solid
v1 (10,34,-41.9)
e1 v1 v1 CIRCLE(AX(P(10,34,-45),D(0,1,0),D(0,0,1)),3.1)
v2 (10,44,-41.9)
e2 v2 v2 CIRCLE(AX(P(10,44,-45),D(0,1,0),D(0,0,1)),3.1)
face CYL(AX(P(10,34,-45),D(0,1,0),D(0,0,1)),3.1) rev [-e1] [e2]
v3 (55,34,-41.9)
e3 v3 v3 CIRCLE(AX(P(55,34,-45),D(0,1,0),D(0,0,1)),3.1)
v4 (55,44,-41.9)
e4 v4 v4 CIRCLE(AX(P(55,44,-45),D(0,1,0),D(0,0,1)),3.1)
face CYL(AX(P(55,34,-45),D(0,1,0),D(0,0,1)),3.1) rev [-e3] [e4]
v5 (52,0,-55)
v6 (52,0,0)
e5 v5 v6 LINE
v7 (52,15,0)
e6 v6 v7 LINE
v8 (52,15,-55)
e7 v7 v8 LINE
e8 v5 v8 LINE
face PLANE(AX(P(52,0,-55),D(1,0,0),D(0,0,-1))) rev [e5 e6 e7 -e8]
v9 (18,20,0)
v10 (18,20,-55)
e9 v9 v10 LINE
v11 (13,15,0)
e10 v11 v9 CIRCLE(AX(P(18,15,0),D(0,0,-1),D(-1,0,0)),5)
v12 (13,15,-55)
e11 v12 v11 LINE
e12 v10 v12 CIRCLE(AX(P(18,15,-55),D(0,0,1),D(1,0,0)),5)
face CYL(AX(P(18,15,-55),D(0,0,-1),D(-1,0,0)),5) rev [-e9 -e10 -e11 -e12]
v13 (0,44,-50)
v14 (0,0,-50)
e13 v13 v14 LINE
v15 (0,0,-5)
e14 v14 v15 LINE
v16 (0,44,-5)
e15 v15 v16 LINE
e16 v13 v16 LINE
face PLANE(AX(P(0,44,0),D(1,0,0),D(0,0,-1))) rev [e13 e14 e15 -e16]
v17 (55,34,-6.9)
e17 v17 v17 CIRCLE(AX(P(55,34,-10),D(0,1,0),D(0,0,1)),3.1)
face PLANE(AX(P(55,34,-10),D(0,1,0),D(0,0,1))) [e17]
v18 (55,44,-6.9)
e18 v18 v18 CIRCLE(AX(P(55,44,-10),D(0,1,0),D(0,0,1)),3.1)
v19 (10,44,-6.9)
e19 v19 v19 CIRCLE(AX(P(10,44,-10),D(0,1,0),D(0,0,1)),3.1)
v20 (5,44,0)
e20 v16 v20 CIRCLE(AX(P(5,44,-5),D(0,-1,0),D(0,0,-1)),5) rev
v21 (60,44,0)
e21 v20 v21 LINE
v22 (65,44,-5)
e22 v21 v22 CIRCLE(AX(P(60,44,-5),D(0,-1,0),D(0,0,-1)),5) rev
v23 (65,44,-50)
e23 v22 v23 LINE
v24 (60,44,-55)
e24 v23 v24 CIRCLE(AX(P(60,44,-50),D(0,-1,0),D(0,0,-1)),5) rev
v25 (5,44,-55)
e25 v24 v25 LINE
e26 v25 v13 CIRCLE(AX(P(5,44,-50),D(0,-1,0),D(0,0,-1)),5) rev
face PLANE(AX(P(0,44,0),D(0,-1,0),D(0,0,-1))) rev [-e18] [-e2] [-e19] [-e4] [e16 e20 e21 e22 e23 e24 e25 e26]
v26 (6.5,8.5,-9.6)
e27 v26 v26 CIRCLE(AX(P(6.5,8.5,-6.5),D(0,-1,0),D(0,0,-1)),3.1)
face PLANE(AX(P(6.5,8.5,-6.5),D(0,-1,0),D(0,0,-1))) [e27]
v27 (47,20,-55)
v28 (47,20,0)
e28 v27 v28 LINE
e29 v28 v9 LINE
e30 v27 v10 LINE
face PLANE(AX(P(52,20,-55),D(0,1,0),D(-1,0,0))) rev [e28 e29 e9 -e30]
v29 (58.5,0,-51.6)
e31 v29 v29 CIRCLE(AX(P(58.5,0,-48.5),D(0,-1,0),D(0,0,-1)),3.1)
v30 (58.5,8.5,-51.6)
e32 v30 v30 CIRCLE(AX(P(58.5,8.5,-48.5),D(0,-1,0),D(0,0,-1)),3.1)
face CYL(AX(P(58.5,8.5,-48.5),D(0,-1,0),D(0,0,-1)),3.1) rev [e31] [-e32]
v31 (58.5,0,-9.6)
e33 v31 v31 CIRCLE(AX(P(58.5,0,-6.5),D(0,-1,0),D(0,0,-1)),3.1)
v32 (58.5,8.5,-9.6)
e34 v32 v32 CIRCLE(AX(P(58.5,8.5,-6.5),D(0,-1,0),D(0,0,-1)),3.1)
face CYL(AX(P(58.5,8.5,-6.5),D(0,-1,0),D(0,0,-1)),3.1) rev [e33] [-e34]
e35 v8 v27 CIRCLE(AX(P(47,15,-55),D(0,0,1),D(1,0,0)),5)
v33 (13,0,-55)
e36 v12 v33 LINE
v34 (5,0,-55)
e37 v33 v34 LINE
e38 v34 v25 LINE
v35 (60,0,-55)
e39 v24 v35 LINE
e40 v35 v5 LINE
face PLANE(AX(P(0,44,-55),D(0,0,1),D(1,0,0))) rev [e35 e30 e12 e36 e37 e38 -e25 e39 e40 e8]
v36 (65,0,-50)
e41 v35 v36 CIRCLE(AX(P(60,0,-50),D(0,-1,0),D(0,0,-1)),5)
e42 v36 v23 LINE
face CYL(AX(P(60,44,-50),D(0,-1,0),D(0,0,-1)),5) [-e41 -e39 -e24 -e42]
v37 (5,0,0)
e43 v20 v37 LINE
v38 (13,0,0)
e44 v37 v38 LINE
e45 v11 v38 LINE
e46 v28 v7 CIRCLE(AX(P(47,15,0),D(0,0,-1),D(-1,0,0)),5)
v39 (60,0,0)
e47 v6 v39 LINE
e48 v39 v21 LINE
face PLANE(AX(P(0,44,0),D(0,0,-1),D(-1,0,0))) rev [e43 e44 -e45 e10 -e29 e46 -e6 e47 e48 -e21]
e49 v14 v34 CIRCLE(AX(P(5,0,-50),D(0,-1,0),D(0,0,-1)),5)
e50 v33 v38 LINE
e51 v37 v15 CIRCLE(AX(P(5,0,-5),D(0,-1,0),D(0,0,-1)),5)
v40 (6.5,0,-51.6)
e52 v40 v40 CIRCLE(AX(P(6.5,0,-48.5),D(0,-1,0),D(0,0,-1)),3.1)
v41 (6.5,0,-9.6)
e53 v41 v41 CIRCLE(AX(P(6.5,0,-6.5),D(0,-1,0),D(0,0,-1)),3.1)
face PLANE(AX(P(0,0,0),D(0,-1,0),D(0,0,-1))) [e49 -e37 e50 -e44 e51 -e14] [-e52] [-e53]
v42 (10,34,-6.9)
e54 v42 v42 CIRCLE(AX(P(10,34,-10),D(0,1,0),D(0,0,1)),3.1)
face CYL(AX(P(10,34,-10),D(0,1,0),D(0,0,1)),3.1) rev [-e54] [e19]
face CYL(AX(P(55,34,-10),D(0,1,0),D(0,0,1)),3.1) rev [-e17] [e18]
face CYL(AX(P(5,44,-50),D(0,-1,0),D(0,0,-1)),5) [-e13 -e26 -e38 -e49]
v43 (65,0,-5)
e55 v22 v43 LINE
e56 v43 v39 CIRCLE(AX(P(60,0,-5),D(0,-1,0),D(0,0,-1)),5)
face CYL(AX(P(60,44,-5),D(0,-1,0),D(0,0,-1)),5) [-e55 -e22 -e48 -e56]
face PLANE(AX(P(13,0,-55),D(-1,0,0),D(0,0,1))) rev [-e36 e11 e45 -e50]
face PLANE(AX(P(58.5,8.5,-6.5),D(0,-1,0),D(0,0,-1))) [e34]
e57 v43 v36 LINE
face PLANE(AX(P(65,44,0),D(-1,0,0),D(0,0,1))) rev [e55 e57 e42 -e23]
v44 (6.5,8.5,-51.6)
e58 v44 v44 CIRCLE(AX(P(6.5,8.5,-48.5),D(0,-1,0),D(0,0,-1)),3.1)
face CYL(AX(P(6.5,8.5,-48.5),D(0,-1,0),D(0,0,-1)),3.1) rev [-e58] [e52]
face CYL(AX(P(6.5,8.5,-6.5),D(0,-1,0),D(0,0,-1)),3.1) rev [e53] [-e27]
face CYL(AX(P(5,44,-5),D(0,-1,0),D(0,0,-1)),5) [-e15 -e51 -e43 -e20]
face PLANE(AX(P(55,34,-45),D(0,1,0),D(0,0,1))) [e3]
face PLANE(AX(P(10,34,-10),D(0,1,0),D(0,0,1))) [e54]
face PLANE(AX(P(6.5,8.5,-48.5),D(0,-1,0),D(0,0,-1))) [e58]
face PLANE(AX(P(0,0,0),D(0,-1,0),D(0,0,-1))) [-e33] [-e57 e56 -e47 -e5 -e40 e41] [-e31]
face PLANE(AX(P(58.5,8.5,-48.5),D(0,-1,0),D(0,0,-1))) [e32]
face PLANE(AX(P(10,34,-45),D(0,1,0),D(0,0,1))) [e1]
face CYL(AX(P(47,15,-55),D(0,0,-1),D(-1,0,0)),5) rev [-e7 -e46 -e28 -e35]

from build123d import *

# Parameters (mm, degrees)
SKETCH1_W           = 65
SKETCH1_H           = 55
BOSS_EXTRUDE1_DEPTH = 44
SKETCH2_W           = 39
SKETCH2_H           = 20
CUT_EXTRUDE1_DEPTH  = 96.843622636
FILLET1_R           = 5
SKETCH3_R           = 3.1
CUT_EXTRUDE2_DEPTH  = 8.5
SKETCH4_R           = 3.1
CUT_EXTRUDE3_DEPTH  = 10
FILLET2_R           = 5


with BuildPart() as part:
    # Sketch1 → Boss-Extrude1 (new body)
    with BuildSketch(Plane(origin=(0, 0, 0), x_dir=(1, 0, 0), z_dir=(0, 1, 0))):
        with Locations((32.5, 27.5)):
            Rectangle(SKETCH1_W, SKETCH1_H)
    extrude(amount=BOSS_EXTRUDE1_DEPTH)

    # Sketch2 → Cut-Extrude1 (cut, through all)
    with BuildSketch(Plane.XY):
        with Locations((32.5, 10)):
            Rectangle(SKETCH2_W, SKETCH2_H)
    extrude(amount=-CUT_EXTRUDE1_DEPTH, mode=Mode.SUBTRACT)

    # Fillet1
    fillet1_edges = [part.edges().sort_by_distance(p)[0] for p in [
        (52, 20, -27.5),
        (13, 20, -27.5),
    ]]
    fillet(fillet1_edges, radius=FILLET1_R)

    # Sketch3 → Cut-Extrude2 (cut)
    with BuildSketch(Plane.XZ):
        with Locations(Location((58.5, -6.5, 0), (0, 0, 270))):
            Circle(SKETCH3_R)
        with Locations(Location((58.5, -48.5, 0), (0, 0, 270))):
            Circle(SKETCH3_R)
        with Locations(Location((6.5, -48.5, 0), (0, 0, 270))):
            Circle(SKETCH3_R)
        with Locations(Location((6.5, -6.5, 0), (0, 0, 270))):
            Circle(SKETCH3_R)
    extrude(amount=-CUT_EXTRUDE2_DEPTH, mode=Mode.SUBTRACT)

    # Sketch4 → Cut-Extrude3 (cut)
    with BuildSketch(Plane(origin=(0, 44, 0), x_dir=(1, 0, 0), z_dir=(0, 1, 0))):
        with Locations(Location((10, 45, 0), (0, 0, 270))):
            Circle(SKETCH4_R)
        with Locations(Location((55, 45, 0), (0, 0, 270))):
            Circle(SKETCH4_R)
        with Locations(Location((55, 10, 0), (0, 0, 270))):
            Circle(SKETCH4_R)
        with Locations(Location((10, 10, 0), (0, 0, 270))):
            Circle(SKETCH4_R)
    extrude(amount=-CUT_EXTRUDE3_DEPTH, mode=Mode.SUBTRACT)

    # Fillet2
    fillet2_edges = [part.edges().sort_by_distance(p)[0] for p in [
        (0, 22, -55),
        (65, 22, -55),
        (65, 22, 0),
        (0, 22, 0),
    ]]
    fillet(fillet2_edges, radius=FILLET2_R)


solid = part.part
